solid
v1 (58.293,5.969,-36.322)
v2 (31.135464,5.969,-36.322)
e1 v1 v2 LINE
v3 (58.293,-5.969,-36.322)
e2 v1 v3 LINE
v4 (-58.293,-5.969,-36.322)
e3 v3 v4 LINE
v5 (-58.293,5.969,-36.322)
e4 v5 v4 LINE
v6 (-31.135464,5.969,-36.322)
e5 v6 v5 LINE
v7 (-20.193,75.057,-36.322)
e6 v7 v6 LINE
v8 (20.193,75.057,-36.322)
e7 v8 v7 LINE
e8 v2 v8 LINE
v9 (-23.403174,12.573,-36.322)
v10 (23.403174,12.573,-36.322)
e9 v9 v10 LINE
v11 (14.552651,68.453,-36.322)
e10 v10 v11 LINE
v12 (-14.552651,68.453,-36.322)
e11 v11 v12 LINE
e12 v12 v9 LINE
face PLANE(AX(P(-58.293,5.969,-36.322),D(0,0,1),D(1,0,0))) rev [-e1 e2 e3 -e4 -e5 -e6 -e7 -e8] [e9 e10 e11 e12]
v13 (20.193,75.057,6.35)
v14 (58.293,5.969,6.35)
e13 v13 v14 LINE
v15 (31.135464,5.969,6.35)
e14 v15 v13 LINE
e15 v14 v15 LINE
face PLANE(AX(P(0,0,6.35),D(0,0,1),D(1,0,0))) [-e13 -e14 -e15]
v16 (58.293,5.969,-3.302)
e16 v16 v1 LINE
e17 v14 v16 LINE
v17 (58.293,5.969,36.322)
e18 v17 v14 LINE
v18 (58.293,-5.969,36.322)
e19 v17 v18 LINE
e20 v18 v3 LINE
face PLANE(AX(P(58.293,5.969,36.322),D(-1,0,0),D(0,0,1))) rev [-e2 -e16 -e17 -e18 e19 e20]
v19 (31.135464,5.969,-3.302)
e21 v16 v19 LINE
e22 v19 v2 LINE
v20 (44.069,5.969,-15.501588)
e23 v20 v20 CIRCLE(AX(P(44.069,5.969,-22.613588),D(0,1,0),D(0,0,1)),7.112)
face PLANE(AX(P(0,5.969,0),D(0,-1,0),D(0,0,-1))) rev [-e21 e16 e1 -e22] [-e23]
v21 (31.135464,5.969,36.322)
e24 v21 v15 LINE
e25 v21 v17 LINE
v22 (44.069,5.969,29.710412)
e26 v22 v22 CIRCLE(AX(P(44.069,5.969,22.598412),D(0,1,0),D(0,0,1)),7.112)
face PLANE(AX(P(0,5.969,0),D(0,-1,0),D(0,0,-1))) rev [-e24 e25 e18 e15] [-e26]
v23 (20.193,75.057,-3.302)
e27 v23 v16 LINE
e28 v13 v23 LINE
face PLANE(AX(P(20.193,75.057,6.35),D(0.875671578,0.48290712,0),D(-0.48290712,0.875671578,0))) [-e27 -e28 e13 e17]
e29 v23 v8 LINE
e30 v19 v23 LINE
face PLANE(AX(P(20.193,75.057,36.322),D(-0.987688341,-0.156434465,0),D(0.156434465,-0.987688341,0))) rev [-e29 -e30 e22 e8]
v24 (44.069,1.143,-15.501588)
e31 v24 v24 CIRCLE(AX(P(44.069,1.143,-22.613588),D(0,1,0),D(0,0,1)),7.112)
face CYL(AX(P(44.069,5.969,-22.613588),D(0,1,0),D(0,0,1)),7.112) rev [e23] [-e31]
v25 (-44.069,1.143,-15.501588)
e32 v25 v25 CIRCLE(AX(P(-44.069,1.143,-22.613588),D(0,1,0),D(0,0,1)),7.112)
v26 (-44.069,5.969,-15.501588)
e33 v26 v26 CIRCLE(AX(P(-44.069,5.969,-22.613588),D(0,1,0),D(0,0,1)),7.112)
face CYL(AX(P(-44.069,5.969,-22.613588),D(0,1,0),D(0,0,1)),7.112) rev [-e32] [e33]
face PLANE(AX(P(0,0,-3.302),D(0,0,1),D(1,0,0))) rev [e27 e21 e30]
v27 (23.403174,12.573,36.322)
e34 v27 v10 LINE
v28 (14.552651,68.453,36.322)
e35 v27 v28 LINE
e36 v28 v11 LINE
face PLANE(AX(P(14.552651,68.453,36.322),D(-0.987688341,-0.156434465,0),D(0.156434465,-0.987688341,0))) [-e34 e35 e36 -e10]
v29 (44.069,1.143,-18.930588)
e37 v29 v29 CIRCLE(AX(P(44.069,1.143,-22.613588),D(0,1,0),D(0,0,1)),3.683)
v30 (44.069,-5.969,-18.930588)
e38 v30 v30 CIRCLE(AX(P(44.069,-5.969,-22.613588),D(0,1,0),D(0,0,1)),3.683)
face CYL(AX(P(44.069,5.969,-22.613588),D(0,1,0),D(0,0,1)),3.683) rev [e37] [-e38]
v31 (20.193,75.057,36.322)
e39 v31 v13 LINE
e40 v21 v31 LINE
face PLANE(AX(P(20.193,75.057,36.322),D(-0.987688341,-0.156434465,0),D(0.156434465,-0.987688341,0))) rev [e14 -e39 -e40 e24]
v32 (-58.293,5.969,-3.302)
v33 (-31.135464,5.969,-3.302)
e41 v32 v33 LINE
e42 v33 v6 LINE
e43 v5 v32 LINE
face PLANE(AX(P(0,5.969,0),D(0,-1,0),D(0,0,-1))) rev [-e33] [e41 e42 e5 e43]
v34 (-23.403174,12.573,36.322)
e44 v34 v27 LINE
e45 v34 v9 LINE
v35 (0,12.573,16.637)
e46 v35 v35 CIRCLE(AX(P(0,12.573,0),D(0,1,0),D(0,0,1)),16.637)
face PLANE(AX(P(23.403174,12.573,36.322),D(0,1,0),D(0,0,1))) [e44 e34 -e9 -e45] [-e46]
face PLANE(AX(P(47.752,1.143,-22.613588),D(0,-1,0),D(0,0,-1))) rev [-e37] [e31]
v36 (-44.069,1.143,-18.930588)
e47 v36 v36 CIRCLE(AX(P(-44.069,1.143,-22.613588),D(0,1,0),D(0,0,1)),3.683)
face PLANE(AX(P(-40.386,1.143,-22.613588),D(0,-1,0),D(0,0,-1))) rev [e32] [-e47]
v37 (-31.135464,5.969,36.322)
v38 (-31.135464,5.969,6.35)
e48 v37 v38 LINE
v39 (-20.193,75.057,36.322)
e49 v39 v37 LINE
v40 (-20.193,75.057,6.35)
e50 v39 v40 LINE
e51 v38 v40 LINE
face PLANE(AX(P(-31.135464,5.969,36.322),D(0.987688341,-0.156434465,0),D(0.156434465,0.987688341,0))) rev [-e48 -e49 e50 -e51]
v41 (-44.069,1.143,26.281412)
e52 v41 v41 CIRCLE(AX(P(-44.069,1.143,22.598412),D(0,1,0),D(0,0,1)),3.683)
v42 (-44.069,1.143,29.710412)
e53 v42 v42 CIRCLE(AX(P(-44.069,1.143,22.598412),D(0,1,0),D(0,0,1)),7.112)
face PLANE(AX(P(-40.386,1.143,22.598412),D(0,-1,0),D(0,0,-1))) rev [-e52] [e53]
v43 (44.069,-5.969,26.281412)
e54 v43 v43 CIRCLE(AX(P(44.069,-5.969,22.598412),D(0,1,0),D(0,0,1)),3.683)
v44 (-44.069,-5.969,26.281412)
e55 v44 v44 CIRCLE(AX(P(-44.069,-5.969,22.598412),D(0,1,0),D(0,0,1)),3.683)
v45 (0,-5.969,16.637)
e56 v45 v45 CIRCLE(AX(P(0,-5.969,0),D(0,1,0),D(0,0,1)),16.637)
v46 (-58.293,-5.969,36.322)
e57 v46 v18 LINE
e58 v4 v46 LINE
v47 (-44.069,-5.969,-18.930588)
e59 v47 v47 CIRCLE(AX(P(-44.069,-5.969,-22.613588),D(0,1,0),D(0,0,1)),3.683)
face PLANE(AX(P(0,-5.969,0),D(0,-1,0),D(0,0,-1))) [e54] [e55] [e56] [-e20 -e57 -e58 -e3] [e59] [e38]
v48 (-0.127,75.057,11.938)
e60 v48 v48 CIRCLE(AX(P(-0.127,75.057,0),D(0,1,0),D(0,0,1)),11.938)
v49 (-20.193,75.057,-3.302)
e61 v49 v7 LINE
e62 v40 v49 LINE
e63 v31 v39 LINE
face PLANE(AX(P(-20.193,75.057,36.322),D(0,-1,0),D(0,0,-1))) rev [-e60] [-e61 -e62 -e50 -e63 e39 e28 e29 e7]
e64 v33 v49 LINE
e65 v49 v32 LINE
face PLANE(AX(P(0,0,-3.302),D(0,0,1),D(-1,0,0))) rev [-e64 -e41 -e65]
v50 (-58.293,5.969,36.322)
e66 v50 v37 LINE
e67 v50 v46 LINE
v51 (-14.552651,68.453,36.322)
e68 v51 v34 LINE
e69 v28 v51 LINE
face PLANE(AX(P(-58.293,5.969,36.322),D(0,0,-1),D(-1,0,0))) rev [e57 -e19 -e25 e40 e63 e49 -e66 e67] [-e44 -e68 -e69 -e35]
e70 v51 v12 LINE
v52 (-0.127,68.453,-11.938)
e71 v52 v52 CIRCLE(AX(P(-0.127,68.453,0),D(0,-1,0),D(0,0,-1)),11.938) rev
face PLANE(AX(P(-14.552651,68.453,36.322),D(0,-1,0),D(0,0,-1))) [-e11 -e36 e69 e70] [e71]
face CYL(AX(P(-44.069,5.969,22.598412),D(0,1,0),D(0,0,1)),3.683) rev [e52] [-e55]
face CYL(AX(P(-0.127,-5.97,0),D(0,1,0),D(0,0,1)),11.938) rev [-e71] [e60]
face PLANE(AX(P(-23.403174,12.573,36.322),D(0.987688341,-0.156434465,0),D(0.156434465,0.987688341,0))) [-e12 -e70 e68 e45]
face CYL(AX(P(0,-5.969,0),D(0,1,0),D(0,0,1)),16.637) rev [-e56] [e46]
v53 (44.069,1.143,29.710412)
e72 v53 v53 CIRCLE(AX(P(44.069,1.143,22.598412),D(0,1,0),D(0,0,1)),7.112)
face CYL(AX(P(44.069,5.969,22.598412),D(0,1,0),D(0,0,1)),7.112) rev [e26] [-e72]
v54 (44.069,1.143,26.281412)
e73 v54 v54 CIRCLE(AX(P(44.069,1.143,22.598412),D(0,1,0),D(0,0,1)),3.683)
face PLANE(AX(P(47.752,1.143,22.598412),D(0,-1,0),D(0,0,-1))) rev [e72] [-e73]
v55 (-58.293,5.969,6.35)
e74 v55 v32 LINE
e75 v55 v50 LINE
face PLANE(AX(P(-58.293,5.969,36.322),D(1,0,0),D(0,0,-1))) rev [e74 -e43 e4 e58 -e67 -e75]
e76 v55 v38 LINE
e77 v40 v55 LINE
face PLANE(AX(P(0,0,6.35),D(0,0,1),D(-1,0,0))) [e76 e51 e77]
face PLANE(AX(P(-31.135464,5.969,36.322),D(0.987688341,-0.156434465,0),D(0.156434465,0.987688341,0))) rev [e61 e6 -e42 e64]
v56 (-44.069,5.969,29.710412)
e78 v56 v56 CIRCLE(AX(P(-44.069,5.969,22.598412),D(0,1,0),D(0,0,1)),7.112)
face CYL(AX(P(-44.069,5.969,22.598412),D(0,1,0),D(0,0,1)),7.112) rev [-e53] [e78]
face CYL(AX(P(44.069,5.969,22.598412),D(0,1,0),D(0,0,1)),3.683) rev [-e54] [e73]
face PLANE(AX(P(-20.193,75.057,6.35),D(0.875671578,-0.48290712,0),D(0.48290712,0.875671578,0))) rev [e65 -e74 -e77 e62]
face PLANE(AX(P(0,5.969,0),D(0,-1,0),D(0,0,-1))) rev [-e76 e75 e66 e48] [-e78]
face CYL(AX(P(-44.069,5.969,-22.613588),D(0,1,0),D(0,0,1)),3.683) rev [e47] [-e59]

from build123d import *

# Parameters (mm, degrees)
SKETCH3_W                                           = 116.586
SKETCH3_H                                           = 72.644
BOSS_EXTRUDE1_DEPTH                                 = 5.969
BOSS_EXTRUDE2_DEPTH                                 = 36.322
BOSS_EXTRUDE3_DEPTH                                 = 9.652
CUT_EXTRUDE1_REACH                                  = 108.219
SKETCH6_R                                           = 11.938
CBORE_FOR_00_BINDING_HEAD_MACHINE_SCREW_D           = 7.366
CBORE_FOR_00_BINDING_HEAD_MACHINE_SCREW_CBORE_D     = 14.224
CBORE_FOR_00_BINDING_HEAD_MACHINE_SCREW_CBORE_DEPTH = 4.826
SKETCH9_R                                           = 16.637
CUT_EXTRUDE2_DEPTH                                  = 93.852634798


with BuildPart() as part:
    # Sketch3 → Boss-Extrude1 (new, symmetric)
    with BuildSketch(Plane(origin=(0, 0, 0), x_dir=(1, 0, 0), z_dir=(0, 1, 0))):
        Rectangle(SKETCH3_W, SKETCH3_H)
    extrude(amount=BOSS_EXTRUDE1_DEPTH, both=True)

    # Sketch4 → Boss-Extrude2 (add, symmetric)
    with BuildSketch(Plane.XY):
        Polygon((-31.135464213, 5.969), (-20.193, 75.057), (20.193, 75.057), (31.135464213, 5.969), align=None)
        Polygon((-23.403173679, 12.573), (-14.552651153, 68.453), (14.552651153, 68.453), (23.403173679, 12.573), align=None, mode=Mode.SUBTRACT)
    extrude(amount=BOSS_EXTRUDE2_DEPTH, both=True)

    # Sketch5 → Boss-Extrude3 (add)
    with BuildSketch(Plane(origin=(0, 0, -3.302), x_dir=(-1, 0, 0), z_dir=(0, 0, -1))):
        Polygon((-20.193, 75.057), (-58.293, 5.969), (-31.135464213, 5.969), align=None)
    boss_extrude3 = extrude(amount=-BOSS_EXTRUDE3_DEPTH)

    # Mirror1: Boss-Extrude3 across plane
    add(boss_extrude3.mirror(Plane(origin=(0, 0, 0), x_dir=(0, 0, 1), z_dir=(1, 0, 0))))

    # Sketch6 → Cut-Extrude1 (cut, up to next)
    with BuildSketch(Plane(origin=(0, 75.057, 0), x_dir=(1, 0, 0), z_dir=(0, 1, 0)), mode=Mode.PRIVATE) as cut_extrude1_sk1:
        with Locations(Location((-0.127, 0, 0), (0, 0, 270))):
            Circle(SKETCH6_R)
    cut_extrude1_tool1 = extrude(cut_extrude1_sk1.sketch, amount=-CUT_EXTRUDE1_REACH, mode=Mode.PRIVATE) & part.part
    add(cut_extrude1_tool1.solids().sort_by_distance((-0.127, 75.057, 0))[0], mode=Mode.SUBTRACT)

    # CBORE for #00 Binding Head Machine Screw1 (through all)
    with Locations(Plane(origin=(-44.069, 5.969, 22.5984117), x_dir=(0, 0, 1), z_dir=(0, 1, 0))):
        with Locations((0, 0), (0, 88.138), (-45.212, 88.138), (-45.212, 0)):
            CounterBoreHole(CBORE_FOR_00_BINDING_HEAD_MACHINE_SCREW_D / 2, CBORE_FOR_00_BINDING_HEAD_MACHINE_SCREW_CBORE_D / 2, CBORE_FOR_00_BINDING_HEAD_MACHINE_SCREW_CBORE_DEPTH)

    # Sketch9 → Cut-Extrude2 (cut, through all)
    with BuildSketch(Plane(origin=(0, 12.573, 0), x_dir=(1, 0, 0), z_dir=(0, 1, 0))):
        with Locations(Location((0, 0, 0), (0, 0, 270))):
            Circle(SKETCH9_R)
    extrude(amount=-CUT_EXTRUDE2_DEPTH, mode=Mode.SUBTRACT)


solid = part.part
